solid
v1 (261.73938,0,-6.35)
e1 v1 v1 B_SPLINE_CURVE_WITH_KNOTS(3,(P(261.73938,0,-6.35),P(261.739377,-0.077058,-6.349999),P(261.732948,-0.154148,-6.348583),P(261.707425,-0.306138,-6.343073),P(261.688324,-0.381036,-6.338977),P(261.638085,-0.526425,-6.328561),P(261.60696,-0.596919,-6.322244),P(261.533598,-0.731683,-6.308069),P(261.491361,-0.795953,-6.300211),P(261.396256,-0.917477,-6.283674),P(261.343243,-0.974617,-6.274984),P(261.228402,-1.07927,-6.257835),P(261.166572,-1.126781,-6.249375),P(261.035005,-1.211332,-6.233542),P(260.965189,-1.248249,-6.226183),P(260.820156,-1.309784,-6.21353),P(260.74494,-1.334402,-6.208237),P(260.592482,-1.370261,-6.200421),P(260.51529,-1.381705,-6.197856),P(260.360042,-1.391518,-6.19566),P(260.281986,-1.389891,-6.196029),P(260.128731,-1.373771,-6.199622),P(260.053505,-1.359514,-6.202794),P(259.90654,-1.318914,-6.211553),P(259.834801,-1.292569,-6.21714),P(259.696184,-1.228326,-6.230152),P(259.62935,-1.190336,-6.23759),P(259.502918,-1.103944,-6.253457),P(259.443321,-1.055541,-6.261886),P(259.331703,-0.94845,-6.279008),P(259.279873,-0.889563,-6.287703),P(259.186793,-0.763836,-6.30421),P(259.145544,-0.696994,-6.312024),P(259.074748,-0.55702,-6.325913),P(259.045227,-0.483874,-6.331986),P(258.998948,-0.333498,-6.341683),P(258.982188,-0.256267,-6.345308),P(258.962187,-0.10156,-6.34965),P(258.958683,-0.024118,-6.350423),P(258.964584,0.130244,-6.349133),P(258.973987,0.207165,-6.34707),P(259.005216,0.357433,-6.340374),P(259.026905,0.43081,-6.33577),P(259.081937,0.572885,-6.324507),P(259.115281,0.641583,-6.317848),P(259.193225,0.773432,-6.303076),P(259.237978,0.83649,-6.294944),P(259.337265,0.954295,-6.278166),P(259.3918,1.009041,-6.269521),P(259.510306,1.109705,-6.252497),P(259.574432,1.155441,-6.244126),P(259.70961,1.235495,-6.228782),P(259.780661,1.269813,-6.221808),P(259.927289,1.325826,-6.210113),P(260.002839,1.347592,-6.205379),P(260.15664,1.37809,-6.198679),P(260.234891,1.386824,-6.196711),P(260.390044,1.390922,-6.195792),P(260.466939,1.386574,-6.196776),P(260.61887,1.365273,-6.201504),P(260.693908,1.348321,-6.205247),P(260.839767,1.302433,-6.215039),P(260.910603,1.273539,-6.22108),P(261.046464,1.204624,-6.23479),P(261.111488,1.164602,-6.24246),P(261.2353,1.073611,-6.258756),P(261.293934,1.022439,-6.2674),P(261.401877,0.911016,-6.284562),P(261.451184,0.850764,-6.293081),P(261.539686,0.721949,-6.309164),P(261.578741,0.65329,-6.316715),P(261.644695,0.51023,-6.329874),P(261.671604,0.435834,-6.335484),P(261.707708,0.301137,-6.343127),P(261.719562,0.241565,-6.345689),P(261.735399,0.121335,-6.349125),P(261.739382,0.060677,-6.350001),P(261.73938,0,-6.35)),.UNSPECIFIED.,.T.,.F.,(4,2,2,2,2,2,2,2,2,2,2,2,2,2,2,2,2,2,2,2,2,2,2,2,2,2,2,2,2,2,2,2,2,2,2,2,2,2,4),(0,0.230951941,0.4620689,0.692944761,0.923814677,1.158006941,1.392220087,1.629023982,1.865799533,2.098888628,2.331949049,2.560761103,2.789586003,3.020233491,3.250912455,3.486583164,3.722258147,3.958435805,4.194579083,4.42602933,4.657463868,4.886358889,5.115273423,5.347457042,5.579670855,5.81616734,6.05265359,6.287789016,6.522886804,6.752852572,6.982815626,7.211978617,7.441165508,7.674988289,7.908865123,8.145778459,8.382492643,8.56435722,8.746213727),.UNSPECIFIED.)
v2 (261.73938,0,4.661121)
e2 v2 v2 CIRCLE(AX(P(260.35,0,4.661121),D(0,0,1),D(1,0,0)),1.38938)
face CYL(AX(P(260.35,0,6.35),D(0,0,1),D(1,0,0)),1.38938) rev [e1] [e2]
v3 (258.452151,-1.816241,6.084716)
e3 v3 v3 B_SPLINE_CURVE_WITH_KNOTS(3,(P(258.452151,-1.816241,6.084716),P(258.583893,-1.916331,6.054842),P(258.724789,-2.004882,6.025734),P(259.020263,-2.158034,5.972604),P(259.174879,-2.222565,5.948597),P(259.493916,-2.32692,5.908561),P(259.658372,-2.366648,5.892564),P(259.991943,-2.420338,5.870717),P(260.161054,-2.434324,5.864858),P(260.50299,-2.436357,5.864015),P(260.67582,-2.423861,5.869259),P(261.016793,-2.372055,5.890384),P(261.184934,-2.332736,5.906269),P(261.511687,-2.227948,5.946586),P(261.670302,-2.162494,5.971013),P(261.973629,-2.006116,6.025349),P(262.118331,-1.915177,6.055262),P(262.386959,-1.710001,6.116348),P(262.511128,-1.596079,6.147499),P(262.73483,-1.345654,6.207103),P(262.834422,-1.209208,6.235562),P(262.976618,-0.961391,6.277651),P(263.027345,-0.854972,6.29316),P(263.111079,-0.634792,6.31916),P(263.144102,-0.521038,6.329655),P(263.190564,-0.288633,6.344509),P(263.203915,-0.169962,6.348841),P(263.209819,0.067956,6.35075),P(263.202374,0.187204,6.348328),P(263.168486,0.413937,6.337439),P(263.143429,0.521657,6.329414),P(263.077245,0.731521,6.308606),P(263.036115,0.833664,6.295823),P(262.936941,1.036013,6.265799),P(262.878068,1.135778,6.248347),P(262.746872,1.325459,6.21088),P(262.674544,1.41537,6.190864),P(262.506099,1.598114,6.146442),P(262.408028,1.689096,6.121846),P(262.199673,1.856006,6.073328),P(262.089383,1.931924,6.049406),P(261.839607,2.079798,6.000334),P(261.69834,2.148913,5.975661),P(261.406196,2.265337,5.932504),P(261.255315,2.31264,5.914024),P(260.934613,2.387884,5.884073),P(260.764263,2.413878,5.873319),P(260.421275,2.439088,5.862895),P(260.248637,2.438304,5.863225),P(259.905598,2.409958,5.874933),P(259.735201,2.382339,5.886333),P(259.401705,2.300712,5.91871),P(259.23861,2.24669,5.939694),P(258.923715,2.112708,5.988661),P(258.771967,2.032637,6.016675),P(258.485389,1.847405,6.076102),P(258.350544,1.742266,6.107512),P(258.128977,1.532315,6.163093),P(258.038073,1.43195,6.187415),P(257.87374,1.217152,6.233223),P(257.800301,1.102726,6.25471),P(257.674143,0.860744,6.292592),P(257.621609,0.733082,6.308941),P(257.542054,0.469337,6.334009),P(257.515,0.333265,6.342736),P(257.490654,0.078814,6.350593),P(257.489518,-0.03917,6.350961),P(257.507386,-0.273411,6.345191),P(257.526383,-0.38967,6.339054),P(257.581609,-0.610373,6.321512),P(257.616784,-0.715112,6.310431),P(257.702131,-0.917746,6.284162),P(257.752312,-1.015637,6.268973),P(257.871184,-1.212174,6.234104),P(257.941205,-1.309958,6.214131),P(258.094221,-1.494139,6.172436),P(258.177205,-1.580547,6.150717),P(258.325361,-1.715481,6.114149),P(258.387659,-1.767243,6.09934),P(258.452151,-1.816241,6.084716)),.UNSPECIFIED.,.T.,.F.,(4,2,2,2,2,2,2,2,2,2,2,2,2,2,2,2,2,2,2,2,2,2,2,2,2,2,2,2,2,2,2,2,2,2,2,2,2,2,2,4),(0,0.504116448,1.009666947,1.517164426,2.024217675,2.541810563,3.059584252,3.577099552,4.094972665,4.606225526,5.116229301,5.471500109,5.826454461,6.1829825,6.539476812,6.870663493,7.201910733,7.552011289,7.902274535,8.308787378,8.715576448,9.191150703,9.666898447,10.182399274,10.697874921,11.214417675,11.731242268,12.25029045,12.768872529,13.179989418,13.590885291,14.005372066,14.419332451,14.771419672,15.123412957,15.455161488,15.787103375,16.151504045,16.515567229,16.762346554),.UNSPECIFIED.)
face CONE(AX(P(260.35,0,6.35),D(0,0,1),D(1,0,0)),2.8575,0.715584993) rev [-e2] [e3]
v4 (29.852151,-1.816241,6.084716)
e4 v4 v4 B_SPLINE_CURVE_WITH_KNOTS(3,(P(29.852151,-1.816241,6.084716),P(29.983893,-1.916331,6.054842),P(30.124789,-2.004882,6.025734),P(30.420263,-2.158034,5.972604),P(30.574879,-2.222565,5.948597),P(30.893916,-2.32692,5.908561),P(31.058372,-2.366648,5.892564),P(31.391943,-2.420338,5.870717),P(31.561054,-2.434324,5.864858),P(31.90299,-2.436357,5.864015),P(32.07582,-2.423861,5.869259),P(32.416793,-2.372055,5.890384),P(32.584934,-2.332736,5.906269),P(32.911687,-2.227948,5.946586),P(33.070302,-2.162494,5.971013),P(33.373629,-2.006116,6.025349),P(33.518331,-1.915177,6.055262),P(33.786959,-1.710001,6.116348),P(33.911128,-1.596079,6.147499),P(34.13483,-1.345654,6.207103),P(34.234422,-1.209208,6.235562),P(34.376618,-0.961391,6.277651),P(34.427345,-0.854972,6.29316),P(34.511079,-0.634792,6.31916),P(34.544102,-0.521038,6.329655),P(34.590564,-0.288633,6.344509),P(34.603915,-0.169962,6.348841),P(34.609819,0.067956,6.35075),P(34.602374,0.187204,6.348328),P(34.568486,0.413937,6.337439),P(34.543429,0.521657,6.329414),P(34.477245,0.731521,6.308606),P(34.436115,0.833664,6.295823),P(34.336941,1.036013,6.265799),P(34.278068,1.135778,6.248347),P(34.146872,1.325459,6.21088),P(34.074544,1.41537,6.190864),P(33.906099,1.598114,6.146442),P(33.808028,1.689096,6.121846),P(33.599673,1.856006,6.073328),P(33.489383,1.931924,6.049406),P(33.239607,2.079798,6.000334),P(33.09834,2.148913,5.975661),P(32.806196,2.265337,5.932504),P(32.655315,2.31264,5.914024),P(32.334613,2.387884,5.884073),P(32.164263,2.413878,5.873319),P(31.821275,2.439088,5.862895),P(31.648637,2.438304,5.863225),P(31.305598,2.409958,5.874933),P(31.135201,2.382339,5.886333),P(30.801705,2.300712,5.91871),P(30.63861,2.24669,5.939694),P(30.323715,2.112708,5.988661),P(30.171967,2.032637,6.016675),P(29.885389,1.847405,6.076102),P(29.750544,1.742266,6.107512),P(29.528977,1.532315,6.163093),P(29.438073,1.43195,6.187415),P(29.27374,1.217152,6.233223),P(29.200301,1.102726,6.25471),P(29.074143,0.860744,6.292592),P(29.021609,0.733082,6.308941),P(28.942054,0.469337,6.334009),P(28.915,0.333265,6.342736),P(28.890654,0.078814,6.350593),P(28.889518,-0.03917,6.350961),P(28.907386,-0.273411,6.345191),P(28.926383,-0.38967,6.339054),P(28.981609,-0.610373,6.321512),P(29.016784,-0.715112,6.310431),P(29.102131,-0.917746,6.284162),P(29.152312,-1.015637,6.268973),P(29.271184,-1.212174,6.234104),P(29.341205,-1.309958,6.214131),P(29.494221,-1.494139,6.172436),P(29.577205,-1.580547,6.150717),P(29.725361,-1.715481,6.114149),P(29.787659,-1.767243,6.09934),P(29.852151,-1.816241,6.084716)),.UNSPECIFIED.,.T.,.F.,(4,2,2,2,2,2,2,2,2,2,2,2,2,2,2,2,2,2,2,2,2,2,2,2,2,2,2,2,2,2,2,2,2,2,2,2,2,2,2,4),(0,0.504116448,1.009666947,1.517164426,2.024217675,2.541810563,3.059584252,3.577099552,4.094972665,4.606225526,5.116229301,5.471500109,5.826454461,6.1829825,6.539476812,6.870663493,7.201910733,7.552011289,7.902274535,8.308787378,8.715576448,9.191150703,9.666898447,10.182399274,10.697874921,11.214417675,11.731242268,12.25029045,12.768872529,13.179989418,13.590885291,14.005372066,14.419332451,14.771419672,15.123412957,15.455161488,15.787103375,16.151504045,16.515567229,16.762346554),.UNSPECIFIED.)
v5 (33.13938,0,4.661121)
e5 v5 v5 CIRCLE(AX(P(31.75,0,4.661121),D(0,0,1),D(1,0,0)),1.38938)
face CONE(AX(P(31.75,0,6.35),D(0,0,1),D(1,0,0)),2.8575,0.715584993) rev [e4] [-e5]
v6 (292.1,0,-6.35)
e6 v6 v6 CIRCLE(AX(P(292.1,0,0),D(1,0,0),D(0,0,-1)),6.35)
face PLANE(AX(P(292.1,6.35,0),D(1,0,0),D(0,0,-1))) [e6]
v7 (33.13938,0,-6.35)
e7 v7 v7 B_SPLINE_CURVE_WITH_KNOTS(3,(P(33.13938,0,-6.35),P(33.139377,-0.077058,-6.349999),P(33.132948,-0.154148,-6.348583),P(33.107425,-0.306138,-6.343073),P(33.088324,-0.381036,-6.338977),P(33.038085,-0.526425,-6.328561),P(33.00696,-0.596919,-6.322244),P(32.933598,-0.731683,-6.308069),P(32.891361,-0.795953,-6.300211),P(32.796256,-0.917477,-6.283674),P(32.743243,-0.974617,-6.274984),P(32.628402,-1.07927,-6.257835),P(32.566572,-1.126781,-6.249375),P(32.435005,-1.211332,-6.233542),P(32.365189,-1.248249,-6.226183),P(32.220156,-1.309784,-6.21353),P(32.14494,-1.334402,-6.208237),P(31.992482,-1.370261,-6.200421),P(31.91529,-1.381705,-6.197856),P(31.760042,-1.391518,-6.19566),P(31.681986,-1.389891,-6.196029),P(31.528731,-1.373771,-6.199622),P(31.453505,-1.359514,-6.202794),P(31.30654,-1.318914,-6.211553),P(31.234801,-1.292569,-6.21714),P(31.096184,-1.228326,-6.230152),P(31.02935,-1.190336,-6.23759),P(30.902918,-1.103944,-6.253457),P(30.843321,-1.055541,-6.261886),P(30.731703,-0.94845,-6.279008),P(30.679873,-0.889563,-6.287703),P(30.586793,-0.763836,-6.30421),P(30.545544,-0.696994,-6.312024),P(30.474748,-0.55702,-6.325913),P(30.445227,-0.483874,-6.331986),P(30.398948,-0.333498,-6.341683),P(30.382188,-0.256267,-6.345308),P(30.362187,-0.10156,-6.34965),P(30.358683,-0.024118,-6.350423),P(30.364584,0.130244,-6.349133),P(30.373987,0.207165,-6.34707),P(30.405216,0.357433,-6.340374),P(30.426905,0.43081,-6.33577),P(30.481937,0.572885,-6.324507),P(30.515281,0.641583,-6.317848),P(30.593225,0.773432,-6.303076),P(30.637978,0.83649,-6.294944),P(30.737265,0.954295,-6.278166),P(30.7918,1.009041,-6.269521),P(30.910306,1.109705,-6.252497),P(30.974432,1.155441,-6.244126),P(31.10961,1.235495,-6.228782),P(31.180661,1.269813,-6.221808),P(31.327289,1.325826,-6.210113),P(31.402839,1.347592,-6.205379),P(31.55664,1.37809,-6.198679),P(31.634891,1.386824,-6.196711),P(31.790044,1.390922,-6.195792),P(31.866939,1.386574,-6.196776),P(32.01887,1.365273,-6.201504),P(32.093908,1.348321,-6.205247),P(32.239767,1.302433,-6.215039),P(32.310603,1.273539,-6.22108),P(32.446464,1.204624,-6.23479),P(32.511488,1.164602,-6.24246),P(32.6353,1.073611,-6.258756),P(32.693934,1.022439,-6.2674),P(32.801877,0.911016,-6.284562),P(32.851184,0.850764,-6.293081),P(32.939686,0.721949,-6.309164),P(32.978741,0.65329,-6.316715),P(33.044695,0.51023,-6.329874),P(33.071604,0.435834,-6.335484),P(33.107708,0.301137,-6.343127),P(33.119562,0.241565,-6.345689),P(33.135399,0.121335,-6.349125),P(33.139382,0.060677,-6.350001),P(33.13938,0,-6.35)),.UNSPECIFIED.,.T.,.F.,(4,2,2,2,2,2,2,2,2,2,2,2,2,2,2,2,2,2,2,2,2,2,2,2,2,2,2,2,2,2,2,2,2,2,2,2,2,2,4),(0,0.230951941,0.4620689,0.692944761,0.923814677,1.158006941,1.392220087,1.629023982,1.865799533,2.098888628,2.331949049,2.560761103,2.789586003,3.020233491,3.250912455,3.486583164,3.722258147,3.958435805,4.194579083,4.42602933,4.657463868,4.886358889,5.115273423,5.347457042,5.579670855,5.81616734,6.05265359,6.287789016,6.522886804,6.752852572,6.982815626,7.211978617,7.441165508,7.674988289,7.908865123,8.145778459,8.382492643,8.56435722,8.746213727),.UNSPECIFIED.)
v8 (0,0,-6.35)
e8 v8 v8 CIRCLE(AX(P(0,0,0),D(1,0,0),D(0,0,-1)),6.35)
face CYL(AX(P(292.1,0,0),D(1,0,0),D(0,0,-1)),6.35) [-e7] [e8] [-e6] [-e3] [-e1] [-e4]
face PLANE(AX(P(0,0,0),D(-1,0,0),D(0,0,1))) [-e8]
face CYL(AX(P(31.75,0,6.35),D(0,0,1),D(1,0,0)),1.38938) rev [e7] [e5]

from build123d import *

# Parameters (mm, degrees)
SKETCH1_W                                         = 292.1
SKETCH1_H                                         = 6.35
CSK_FOR_4_FLAT_HEAD_MACHINE_SCREW_100_D           = 2.77876
CSK_FOR_4_FLAT_HEAD_MACHINE_SCREW_100_CSINK_D     = 5.715
CSK_FOR_4_FLAT_HEAD_MACHINE_SCREW_100_CSINK_ANGLE = 82


with BuildPart() as part:
    # Sketch1 → Revolve1 (revolve)
    with BuildSketch(Plane.XY):
        with Locations((146.05, 3.175)):
            Rectangle(SKETCH1_W, SKETCH1_H)
    revolve(axis=Axis((292.1, 0, 0), (-1, 0, 0)))

    # CSK for #4 Flat Head Machine Screw (100)1 (through all)
    with Locations(Plane.XY.offset(6.35)):
        with Locations((31.75, 0), (260.35, 0)):
            CounterSinkHole(CSK_FOR_4_FLAT_HEAD_MACHINE_SCREW_100_D / 2, CSK_FOR_4_FLAT_HEAD_MACHINE_SCREW_100_CSINK_D / 2, counter_sink_angle=CSK_FOR_4_FLAT_HEAD_MACHINE_SCREW_100_CSINK_ANGLE)


solid = part.part
